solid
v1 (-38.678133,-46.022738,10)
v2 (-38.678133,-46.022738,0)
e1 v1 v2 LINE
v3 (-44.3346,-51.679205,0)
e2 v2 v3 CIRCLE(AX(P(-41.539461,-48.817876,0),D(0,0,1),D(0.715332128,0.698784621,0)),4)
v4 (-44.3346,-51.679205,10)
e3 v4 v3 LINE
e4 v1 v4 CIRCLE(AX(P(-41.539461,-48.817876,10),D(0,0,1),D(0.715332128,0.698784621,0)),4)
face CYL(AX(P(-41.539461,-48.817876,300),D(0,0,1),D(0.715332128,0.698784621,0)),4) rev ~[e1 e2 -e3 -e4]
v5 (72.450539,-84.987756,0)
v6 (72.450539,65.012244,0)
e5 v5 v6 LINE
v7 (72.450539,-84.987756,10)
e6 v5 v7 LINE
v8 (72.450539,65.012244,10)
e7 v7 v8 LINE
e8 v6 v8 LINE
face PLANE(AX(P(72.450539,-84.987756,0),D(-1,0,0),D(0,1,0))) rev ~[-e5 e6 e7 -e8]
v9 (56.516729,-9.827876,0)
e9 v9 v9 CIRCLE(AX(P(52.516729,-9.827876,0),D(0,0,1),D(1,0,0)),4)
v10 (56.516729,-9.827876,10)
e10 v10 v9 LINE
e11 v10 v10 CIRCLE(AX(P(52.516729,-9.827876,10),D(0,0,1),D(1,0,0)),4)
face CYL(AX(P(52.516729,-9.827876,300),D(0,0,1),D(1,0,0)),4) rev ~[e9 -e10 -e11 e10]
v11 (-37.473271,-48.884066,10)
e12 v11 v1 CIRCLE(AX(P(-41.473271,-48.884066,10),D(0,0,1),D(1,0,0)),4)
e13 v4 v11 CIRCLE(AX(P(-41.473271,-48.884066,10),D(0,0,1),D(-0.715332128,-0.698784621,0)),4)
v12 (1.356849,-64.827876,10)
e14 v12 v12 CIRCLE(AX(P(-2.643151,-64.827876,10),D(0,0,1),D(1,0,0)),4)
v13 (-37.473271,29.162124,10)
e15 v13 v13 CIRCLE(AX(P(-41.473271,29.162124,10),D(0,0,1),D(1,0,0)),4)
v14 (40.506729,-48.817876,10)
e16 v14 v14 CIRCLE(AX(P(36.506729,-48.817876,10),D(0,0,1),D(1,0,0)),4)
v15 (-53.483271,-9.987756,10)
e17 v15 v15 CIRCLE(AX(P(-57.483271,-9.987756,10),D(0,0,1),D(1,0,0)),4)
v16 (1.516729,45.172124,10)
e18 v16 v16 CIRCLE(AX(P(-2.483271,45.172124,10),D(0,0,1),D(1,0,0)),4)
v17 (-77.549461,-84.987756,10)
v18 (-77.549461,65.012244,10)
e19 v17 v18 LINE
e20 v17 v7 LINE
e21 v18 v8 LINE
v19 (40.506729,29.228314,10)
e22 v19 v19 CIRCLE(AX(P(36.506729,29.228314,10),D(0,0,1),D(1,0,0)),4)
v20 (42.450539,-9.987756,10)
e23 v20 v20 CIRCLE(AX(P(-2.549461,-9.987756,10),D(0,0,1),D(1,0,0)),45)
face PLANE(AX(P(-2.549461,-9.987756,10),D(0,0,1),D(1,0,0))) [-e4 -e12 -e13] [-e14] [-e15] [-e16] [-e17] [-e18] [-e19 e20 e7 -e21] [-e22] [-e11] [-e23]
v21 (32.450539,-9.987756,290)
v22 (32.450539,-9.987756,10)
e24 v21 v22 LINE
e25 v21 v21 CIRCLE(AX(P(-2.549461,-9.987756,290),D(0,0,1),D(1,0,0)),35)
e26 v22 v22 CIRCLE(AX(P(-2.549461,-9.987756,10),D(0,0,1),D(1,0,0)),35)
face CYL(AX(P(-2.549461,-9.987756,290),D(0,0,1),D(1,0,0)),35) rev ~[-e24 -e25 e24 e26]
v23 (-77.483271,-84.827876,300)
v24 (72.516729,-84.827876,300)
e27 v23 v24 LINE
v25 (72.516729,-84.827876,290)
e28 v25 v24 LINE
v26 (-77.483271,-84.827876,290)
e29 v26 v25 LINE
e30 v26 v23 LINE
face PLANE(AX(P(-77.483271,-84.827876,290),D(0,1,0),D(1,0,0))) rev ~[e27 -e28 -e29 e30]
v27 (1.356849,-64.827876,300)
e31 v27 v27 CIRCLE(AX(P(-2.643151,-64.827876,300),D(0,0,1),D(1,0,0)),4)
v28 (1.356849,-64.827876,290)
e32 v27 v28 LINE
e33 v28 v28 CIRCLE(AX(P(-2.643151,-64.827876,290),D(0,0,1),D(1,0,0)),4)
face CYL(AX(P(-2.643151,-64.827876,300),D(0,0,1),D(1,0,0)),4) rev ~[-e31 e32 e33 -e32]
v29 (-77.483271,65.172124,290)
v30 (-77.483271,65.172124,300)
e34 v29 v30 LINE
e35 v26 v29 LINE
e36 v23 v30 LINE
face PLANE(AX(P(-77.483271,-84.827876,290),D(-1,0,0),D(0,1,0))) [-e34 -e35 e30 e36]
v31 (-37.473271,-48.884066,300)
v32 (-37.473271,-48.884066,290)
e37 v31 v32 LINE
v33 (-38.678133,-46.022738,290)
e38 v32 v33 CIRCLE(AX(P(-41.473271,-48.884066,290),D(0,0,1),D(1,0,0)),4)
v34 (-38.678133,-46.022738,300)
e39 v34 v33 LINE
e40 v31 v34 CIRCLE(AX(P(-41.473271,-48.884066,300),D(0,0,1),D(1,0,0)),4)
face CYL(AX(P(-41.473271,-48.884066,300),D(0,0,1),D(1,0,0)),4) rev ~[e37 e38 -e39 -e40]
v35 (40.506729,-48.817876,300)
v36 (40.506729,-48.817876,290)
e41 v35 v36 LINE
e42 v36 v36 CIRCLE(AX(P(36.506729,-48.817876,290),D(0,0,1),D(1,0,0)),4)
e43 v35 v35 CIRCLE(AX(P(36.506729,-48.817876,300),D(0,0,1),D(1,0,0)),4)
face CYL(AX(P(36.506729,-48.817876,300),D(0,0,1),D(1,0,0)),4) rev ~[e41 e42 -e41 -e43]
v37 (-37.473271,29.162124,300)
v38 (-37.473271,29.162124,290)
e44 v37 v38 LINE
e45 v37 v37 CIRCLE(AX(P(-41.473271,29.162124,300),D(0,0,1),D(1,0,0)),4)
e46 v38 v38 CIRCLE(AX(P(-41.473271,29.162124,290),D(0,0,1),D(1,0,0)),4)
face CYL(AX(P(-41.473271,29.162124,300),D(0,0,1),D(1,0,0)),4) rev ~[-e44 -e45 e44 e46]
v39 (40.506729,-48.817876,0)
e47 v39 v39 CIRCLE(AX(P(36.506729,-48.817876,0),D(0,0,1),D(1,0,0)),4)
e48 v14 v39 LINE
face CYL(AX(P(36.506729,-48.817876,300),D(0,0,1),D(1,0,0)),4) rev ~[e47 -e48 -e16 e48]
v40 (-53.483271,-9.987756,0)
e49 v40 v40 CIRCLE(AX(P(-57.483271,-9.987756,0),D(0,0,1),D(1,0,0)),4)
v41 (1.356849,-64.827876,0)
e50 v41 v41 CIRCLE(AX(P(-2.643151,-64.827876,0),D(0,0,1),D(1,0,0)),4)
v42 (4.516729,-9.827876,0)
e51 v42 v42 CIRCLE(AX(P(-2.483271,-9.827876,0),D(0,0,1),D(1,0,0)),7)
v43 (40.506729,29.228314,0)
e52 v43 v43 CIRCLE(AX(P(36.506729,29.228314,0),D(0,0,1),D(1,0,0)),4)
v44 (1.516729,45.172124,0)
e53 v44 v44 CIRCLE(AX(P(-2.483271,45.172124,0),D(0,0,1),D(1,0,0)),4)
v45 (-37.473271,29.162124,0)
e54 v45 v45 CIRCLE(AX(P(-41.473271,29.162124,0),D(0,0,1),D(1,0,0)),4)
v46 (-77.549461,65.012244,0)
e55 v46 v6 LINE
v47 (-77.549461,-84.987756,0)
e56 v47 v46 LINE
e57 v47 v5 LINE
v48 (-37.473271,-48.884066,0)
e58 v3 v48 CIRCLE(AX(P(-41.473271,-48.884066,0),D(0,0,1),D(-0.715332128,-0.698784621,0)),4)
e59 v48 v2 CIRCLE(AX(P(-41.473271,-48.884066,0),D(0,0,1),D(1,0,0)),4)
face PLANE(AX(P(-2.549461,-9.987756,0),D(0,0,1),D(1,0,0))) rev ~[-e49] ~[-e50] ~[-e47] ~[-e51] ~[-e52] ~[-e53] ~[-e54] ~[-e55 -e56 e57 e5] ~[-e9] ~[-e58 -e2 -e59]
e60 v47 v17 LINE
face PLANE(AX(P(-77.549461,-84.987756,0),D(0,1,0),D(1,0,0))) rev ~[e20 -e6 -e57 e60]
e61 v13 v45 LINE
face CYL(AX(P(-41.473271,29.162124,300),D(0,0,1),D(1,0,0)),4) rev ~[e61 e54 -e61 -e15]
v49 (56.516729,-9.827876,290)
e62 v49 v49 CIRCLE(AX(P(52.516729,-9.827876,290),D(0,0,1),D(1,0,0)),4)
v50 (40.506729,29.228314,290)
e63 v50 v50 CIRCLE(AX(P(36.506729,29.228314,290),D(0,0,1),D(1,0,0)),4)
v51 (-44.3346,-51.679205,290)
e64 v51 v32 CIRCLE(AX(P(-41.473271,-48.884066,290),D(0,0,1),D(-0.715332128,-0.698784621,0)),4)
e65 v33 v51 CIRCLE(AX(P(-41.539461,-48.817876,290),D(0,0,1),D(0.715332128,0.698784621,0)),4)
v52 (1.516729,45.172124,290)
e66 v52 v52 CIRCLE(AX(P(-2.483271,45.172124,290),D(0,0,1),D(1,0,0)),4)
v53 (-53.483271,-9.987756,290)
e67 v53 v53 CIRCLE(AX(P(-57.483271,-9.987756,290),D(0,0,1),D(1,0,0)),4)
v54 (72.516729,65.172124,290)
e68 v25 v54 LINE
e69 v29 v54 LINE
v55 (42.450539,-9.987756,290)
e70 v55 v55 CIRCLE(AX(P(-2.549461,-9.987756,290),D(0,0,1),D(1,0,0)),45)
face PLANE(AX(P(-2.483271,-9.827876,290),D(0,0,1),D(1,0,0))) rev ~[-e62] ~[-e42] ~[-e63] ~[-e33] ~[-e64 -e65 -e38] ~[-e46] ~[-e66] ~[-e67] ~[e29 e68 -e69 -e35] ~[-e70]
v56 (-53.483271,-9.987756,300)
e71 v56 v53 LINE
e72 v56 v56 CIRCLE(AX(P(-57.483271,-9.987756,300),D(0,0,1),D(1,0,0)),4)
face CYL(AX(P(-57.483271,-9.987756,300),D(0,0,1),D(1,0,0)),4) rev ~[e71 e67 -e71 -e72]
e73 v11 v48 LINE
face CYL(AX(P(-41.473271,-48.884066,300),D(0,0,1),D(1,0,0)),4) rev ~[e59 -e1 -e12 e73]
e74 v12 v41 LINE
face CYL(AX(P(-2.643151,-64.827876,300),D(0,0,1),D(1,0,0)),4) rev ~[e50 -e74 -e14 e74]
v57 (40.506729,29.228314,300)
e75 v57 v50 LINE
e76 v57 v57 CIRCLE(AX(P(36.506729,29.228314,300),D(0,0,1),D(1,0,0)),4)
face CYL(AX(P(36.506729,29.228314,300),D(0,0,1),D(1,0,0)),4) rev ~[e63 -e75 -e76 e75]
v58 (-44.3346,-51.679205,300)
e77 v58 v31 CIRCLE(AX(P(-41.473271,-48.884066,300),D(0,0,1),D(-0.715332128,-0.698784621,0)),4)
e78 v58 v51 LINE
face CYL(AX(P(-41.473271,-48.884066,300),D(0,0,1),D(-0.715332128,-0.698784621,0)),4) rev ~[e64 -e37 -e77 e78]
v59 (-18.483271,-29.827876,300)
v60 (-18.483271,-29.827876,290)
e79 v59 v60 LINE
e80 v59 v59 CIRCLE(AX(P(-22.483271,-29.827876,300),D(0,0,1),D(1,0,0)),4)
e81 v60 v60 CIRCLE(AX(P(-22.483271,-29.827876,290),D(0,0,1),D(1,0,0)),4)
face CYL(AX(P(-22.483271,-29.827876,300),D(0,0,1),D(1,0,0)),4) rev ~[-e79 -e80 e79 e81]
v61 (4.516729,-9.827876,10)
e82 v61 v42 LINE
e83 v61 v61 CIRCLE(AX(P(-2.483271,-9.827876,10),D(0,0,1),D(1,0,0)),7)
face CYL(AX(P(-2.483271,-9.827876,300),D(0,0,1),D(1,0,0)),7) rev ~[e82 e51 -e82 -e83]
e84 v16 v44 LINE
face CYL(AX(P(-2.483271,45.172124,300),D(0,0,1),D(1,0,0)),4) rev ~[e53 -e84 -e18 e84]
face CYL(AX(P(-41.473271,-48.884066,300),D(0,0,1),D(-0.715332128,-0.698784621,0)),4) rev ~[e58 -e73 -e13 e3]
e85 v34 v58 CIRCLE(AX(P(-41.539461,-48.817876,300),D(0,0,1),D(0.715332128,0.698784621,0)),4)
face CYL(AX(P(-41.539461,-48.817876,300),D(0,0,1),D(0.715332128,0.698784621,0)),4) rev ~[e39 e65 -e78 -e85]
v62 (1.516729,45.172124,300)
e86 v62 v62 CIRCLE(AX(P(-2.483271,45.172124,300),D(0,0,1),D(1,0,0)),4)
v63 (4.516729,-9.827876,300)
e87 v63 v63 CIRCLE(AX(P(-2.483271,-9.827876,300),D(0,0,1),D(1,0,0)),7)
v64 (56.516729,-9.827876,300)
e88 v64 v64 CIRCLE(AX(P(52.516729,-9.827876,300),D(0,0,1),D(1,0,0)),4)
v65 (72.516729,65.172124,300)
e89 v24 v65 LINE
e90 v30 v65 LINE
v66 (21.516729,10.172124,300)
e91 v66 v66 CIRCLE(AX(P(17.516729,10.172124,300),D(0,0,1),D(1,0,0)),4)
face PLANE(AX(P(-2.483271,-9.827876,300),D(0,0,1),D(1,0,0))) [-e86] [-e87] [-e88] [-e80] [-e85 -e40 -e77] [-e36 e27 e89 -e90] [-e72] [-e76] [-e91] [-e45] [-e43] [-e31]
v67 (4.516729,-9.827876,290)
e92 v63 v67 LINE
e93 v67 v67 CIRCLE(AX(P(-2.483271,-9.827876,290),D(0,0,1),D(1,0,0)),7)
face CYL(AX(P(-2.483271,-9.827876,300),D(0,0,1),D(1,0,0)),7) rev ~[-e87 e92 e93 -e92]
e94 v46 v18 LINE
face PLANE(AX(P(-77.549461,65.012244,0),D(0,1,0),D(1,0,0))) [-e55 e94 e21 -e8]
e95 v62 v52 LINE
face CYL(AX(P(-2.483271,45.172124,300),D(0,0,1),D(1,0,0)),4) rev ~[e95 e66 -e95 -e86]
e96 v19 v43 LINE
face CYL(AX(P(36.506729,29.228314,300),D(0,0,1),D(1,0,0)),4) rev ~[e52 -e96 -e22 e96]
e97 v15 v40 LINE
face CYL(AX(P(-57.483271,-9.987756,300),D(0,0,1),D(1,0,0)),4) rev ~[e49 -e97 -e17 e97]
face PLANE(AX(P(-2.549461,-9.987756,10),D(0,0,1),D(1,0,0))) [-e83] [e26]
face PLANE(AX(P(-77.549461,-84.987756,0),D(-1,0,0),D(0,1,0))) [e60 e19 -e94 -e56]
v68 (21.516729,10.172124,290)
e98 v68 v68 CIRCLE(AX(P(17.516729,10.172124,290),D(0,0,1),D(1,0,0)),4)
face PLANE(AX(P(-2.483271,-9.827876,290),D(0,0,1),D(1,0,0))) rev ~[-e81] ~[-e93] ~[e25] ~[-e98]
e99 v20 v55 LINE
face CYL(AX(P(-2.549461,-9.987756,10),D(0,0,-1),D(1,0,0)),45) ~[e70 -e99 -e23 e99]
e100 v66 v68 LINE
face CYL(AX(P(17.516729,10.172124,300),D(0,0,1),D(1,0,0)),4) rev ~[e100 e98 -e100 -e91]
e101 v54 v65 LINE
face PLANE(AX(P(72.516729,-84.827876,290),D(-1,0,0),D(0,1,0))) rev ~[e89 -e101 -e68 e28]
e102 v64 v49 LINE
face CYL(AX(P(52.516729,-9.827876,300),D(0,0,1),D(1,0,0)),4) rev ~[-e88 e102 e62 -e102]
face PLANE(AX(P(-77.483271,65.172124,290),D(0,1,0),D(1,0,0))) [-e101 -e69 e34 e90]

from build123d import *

# Parameters (mm, degrees)
F0_W      = 150
F0_H      = 150
F1_DEPTH  = 10
F2_R      = 45
F3_DEPTH  = 280
F4_R      = 35
F5_DEPTH  = 280
F6_W      = 150
F6_H      = 150
F7_DEPTH  = 10
F8_R      = 7
F9_DEPTH  = 300.001
F10_R     = 4
F11_DEPTH = 25
F12_R     = 4
F13_DEPTH = 300.001


with BuildPart() as f1:
    # F0 (on Top) → F1 (new body)
    with BuildSketch(Plane.XY):
        with Locations((-2.5494610891, -9.9877563774)):
            Rectangle(F0_W, F0_H)
    extrude(amount=F1_DEPTH)

    # F2 (on face) → F3 (join)
    with BuildSketch(Plane.XY.offset(10)):
        with Locations((-2.5494610891, -9.9877563774)):
            Circle(F2_R)
    extrude(amount=F3_DEPTH)

    # F4 (on face) → F5 (cut)
    with BuildSketch(Plane.XY.offset(290)):
        with Locations((-2.5494610891, -9.9877563774)):
            Circle(F4_R)
    extrude(amount=-F5_DEPTH, mode=Mode.SUBTRACT)

    # F6 (on face) → F7 (join)
    with BuildSketch(Plane.XY.offset(290)):
        with Locations((-2.4832710624, -9.8278763674)):
            Rectangle(F6_W, F6_H)
    extrude(amount=F7_DEPTH)

    # F8 (on face) → F9 (cut, through all)
    with BuildSketch(Plane.XY.offset(300)):
        with Locations((-2.4832710624, -9.8278763674)):
            Circle(F8_R)
    extrude(amount=-F9_DEPTH, mode=Mode.SUBTRACT)

    # F10 (on face) → F11 (cut)
    with BuildSketch(Plane.XY.offset(300)):
        with Locations((-22.4832710624, -29.8278763674)):
            Circle(F10_R)
        with Locations((17.5167289376, 10.1721236326)):
            Circle(F10_R)
    extrude(amount=-F11_DEPTH, mode=Mode.SUBTRACT)

    # F12 (on face) → F13 (cut, through all)
    with BuildSketch(Plane.XY.offset(300)):
        with Locations((-2.4832710624, 45.1721236326)):
            Circle(F12_R)
        with Locations((-41.4732710624, 29.1621236326)):
            Circle(F12_R)
        with Locations((-57.4832710624, -9.9877563774)):
            Circle(F12_R)
        with BuildLine():
            ThreePointArc((-44.3345995739, -51.6792048789), (-39.9871328279, -52.5043756512), (-37.5394610891, -48.8178763674))
            ThreePointArc((-37.5394610891, -48.8178763674), (-37.8350506066, -47.3087895651), (-38.6781325776, -46.0227378826))
            ThreePointArc((-38.6781325776, -46.0227378826), (-44.3016981871, -46.0556392694), (-44.3345995739, -51.6792048789))
        make_face()
        with BuildLine():
            ThreePointArc((-38.6781325776, -46.0227378826), (-37.8350506066, -47.3087895651), (-37.5394610891, -48.8178763674))
            ThreePointArc((-37.5394610891, -48.8178763674), (-39.9871328279, -52.5043756512), (-44.3345995739, -51.6792048789))
            ThreePointArc((-44.3345995739, -51.6792048789), (-39.96418426, -52.5884768766), (-37.4732710624, -48.8840663941))
            ThreePointArc((-37.4732710624, -48.8840663941), (-37.7867717786, -47.331738133), (-38.6781325776, -46.0227378826))
        make_face()
        with BuildLine():
            ThreePointArc((-44.3345995739, -51.6792048789), (-44.3016981871, -46.0556392694), (-38.6781325776, -46.0227378826))
            ThreePointArc((-38.6781325776, -46.0227378826), (-44.3678882138, -45.9894492427), (-44.3345995739, -51.6792048789))
        make_face()
        with Locations((52.5167289376, -9.8278763674)):
            Circle(F12_R)
        with Locations((36.5067289376, -48.8178763674)):
            Circle(F12_R)
        with Locations((-2.6431510724, -64.8278763674)):
            Circle(F12_R)
        with Locations((36.5067289376, 29.2283136593)):
            Circle(F12_R)
    extrude(amount=-F13_DEPTH, mode=Mode.SUBTRACT)


solid = f1.part
